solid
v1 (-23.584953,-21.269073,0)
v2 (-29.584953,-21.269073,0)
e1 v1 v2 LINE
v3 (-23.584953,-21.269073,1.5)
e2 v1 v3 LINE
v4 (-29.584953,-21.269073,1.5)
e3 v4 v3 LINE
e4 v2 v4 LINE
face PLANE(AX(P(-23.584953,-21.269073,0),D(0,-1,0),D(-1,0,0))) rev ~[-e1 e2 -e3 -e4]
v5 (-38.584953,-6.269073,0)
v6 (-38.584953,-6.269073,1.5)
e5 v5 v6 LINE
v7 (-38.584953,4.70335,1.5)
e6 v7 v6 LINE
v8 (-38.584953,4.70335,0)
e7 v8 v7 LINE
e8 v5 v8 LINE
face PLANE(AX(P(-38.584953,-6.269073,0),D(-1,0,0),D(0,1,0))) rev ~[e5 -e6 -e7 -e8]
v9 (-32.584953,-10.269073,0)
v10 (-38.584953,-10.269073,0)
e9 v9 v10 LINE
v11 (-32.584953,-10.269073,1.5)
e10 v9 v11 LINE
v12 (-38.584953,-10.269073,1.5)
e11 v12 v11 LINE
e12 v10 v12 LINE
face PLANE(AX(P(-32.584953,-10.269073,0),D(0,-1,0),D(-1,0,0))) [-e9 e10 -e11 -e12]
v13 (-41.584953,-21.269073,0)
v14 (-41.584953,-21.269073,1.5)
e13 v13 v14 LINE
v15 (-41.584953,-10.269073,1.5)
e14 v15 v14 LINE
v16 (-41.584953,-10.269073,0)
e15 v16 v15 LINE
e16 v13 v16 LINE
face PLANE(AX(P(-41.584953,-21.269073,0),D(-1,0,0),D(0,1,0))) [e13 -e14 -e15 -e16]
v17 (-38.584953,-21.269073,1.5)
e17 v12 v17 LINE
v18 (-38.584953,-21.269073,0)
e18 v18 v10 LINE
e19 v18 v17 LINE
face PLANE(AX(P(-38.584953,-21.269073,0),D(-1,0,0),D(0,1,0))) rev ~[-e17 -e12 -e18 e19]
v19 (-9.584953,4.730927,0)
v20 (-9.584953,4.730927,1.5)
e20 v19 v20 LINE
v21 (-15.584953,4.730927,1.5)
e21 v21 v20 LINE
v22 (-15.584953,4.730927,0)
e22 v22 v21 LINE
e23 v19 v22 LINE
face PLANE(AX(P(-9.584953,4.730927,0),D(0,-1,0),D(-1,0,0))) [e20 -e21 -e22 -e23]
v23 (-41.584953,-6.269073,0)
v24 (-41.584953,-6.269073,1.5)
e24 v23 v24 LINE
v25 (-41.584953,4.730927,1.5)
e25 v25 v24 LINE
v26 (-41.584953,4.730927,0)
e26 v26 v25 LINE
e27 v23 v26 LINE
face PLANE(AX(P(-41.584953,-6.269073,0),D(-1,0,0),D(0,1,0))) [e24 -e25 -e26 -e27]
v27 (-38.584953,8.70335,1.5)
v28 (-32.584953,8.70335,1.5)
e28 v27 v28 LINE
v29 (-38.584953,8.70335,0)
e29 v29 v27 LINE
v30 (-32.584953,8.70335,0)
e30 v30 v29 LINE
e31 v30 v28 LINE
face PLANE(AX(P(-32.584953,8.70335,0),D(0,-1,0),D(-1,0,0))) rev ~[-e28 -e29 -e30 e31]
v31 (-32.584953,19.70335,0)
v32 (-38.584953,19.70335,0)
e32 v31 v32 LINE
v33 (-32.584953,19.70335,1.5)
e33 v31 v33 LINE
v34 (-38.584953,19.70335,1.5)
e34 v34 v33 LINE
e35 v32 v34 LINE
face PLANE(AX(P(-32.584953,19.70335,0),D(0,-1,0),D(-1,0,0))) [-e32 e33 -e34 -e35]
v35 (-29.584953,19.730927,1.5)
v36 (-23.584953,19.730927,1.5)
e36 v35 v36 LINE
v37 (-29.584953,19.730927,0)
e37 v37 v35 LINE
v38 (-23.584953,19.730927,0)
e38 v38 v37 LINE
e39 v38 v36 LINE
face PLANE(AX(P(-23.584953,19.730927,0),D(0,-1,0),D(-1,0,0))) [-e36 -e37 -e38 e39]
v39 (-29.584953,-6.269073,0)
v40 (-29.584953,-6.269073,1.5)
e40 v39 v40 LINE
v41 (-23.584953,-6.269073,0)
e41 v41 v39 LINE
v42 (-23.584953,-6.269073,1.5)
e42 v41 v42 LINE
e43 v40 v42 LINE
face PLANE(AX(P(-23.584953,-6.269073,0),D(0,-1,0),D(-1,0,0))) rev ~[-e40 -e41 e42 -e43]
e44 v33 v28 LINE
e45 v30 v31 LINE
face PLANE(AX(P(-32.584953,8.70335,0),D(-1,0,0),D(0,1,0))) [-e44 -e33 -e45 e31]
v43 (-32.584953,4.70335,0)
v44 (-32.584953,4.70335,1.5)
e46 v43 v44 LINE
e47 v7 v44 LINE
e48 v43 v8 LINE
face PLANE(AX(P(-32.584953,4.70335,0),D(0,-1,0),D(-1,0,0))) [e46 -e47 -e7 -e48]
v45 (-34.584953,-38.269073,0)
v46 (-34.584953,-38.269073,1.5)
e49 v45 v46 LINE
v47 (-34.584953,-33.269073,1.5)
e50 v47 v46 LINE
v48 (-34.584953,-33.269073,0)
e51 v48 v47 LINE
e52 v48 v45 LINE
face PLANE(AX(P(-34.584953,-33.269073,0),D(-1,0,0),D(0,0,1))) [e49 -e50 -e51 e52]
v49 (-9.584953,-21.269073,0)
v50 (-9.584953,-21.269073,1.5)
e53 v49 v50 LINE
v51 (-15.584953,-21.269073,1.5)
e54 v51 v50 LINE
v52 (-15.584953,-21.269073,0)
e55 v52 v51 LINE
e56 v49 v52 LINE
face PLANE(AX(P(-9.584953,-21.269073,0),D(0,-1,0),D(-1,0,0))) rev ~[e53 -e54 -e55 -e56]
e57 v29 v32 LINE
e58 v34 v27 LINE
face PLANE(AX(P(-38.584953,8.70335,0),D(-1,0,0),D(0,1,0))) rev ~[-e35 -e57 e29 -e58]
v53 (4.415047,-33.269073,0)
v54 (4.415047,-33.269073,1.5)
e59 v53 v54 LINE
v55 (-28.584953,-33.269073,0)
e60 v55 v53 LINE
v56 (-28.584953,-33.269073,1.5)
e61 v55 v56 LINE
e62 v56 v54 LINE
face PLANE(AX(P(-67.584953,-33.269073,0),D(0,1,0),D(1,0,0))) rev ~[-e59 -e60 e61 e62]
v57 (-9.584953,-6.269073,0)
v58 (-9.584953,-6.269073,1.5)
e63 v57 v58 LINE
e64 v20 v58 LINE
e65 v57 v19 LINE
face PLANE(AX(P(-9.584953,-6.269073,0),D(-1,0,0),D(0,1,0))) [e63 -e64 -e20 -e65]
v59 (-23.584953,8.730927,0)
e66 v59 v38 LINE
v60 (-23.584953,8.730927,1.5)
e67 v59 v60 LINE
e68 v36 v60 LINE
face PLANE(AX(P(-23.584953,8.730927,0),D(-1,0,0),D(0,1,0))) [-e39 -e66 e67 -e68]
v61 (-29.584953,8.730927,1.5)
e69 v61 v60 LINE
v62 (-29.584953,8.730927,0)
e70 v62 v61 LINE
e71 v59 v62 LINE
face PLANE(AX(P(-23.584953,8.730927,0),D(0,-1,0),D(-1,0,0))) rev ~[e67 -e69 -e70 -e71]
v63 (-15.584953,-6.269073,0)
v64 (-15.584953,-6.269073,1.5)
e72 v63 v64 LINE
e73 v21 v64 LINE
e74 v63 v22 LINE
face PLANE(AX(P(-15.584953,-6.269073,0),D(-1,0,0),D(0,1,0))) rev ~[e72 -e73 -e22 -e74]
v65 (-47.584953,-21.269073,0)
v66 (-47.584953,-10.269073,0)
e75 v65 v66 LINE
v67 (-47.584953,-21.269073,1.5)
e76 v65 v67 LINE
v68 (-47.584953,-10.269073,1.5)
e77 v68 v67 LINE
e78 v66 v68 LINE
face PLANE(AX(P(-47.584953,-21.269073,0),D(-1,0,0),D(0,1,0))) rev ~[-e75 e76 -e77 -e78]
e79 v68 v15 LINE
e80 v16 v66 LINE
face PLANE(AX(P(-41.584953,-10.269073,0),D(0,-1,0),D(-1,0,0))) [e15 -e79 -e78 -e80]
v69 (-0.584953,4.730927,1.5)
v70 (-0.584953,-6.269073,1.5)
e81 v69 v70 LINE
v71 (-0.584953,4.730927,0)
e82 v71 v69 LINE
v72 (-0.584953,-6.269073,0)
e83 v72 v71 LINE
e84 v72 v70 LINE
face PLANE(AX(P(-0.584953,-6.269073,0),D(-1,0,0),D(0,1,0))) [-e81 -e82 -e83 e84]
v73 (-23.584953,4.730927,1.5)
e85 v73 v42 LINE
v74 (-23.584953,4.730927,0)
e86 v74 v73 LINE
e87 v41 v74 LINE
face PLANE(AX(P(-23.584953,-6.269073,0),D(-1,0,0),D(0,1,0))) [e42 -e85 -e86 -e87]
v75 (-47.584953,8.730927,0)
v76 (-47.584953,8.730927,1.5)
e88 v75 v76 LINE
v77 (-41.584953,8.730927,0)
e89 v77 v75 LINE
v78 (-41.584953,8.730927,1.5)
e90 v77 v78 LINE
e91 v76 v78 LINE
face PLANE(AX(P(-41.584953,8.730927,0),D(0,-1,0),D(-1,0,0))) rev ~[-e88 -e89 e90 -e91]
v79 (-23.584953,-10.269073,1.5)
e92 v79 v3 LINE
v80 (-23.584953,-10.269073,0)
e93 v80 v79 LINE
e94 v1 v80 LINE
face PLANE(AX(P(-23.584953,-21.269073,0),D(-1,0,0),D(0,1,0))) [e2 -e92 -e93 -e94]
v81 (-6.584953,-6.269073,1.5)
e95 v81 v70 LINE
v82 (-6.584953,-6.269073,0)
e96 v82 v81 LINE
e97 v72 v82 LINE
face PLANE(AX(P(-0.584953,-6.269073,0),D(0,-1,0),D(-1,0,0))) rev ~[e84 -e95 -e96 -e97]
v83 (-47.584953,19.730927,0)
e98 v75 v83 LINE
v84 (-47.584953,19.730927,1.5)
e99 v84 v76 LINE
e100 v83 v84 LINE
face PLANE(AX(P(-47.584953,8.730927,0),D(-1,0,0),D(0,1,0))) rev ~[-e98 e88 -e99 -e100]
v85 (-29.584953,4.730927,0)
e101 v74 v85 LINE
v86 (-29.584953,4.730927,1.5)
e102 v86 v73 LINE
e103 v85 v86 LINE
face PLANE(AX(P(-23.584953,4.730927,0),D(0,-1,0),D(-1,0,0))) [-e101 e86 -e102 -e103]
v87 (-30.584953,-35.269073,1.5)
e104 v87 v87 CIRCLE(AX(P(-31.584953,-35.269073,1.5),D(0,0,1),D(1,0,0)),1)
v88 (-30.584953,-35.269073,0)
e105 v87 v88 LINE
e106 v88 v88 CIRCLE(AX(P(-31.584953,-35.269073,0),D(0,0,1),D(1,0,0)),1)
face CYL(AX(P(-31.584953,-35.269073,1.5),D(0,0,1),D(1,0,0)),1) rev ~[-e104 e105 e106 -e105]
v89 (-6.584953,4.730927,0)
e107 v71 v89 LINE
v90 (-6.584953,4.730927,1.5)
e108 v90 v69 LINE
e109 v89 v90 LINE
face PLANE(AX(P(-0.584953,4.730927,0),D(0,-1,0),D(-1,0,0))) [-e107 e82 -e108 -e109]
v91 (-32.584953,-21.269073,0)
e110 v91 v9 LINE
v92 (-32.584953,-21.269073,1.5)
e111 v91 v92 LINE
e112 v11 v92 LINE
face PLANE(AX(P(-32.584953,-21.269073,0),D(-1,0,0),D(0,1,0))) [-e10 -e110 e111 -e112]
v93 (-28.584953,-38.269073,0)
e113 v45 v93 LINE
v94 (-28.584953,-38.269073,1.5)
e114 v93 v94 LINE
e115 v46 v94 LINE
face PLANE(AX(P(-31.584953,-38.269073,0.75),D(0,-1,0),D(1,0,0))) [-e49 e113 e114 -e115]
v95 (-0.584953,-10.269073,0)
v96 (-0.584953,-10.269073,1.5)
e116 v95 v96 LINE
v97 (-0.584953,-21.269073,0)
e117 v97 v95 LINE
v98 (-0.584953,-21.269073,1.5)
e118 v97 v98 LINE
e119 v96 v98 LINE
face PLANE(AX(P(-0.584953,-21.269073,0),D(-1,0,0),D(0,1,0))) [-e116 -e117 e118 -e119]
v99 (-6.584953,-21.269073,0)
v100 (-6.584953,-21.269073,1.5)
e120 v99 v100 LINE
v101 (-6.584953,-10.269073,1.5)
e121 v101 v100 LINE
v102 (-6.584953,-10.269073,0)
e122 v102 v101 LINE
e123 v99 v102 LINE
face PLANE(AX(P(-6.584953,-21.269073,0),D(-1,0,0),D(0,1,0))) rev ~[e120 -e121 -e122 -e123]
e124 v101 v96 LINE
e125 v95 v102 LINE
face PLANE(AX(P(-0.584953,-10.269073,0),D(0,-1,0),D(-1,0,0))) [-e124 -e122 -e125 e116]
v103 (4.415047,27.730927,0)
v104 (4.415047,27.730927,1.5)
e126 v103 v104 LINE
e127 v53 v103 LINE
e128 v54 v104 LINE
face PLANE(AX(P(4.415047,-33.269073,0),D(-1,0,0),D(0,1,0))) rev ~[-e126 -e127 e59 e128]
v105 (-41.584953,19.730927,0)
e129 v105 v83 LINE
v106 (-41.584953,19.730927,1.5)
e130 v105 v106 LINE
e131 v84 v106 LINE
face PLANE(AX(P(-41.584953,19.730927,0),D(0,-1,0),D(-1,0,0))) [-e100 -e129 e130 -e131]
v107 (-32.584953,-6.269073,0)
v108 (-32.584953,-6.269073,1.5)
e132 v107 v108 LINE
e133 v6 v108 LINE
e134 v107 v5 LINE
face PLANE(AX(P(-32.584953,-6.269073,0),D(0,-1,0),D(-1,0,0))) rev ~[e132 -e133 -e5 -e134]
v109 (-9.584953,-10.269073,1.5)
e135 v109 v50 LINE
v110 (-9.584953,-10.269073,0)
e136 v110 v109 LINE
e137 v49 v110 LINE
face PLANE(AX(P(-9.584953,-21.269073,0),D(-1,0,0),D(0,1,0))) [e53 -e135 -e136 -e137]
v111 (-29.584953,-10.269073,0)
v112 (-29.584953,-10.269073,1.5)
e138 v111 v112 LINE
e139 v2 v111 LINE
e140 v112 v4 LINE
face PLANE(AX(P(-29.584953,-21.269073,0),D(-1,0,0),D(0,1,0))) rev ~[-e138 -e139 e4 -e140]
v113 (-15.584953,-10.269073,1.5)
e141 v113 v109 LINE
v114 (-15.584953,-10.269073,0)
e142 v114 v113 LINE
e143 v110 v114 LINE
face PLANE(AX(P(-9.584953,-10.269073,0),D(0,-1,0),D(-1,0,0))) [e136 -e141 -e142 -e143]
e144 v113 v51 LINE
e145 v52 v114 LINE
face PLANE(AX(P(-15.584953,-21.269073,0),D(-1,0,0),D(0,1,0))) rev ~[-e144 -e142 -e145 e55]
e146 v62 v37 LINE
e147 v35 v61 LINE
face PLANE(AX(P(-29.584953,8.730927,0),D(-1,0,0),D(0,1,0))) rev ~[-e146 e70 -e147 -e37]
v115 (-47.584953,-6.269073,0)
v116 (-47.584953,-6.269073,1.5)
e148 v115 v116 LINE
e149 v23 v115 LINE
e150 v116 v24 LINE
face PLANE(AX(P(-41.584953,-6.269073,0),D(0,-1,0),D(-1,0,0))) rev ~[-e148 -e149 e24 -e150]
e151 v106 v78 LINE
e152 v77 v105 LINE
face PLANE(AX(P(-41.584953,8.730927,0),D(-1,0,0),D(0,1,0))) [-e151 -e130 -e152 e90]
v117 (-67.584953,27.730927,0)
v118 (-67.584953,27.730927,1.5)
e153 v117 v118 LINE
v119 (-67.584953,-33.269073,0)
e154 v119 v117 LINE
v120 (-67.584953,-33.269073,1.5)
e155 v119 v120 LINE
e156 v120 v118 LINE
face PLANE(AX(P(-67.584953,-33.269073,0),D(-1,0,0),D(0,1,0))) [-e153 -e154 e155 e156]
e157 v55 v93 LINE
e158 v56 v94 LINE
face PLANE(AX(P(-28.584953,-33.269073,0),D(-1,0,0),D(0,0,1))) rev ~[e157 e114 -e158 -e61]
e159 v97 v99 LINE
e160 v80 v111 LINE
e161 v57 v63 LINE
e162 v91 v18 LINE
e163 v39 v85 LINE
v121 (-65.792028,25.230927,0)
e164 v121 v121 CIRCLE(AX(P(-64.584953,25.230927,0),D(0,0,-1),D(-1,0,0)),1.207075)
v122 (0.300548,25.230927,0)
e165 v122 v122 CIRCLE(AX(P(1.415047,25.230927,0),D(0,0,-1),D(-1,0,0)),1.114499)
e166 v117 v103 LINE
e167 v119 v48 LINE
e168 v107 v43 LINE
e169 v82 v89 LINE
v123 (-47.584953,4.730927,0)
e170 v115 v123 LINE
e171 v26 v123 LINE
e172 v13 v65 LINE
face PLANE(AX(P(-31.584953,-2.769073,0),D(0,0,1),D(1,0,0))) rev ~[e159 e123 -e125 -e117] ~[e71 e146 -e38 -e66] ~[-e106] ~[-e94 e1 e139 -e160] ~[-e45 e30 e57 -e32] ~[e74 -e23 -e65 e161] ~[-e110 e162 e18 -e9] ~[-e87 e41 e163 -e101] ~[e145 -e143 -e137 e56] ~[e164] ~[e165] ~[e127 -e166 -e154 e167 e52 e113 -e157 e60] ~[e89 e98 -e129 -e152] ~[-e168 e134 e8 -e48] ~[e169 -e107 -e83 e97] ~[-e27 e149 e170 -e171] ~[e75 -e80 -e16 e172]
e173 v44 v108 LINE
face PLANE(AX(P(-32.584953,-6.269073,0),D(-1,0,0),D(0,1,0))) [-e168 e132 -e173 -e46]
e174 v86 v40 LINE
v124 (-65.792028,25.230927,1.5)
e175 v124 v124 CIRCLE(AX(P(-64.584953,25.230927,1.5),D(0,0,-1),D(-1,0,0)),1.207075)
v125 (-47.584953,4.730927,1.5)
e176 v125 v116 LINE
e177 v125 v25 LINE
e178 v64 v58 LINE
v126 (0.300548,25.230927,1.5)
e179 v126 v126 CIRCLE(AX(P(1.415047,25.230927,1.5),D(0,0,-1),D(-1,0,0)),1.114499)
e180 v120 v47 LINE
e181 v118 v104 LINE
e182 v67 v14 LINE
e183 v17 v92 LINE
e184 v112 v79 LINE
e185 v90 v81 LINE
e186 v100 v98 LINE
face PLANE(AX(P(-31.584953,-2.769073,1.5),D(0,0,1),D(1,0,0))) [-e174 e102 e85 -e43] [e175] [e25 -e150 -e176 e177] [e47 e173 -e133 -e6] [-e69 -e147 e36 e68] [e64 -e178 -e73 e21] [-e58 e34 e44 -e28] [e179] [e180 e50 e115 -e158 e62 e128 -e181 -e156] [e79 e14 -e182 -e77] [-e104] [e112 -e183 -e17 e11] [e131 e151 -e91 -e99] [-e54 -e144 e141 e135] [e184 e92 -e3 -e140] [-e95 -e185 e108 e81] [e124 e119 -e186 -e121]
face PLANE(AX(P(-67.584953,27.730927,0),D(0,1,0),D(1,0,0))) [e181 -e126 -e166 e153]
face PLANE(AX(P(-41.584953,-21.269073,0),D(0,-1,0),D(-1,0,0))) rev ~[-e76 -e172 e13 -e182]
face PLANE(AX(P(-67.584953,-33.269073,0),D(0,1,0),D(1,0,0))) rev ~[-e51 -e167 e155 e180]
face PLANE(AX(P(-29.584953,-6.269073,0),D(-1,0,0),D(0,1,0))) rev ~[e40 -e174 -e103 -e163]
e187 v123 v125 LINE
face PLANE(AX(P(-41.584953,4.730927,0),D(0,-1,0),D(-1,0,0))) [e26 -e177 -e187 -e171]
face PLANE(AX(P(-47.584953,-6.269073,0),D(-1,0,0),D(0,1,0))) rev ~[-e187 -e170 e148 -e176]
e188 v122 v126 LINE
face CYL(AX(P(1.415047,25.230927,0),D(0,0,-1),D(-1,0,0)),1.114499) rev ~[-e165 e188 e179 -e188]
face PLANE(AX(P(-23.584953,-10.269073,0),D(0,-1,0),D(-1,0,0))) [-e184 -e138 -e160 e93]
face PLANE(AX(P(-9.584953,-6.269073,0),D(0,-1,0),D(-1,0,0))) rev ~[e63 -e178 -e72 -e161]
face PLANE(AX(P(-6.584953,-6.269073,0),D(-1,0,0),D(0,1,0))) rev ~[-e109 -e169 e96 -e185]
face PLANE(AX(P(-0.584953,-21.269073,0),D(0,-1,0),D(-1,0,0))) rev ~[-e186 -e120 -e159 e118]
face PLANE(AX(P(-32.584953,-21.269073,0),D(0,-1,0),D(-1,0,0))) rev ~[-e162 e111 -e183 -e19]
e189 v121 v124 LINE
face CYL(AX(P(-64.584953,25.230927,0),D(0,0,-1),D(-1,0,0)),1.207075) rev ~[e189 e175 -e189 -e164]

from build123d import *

# Parameters (mm, degrees)
ESQUISSE1_W             = 72
ESQUISSE1_H             = 61
BOSS_EXTRU_1_DEPTH      = 1.5
ESQUISSE2_R             = 1.114499423
ESQUISSE2_R_2           = 1.207075002
ENL_V_MAT_EXTRU_1_DEPTH = 2.5
ESQUISSE4_W             = 6
ESQUISSE4_H             = 11
ENL_V_MAT_EXTRU_2_DEPTH = 2.5
ESQUISSE4_3_W           = 6
ESQUISSE4_3_H           = 11
ESQUISSE4_3_H_2         = 10.972423644
ENL_V_MAT_EXTRU_3_DEPTH = 2.5
ESQUISSE5_W             = 6
ESQUISSE5_H             = 1.5
BOSS_EXTRU_2_DEPTH      = 5
ESQUISSE6_R             = 1
ENL_V_MAT_EXTRU_4_DEPTH = 6


with BuildPart() as part:
    # Esquisse1 → Boss.-Extru.1 (new body)
    with BuildSketch(Plane.XY):
        with Locations((-31.584952854, -2.769073276)):
            Rectangle(ESQUISSE1_W, ESQUISSE1_H)
    extrude(amount=BOSS_EXTRU_1_DEPTH)

    # Esquisse2 → Enl_v. mat.-Extru.1 (cut, through all)
    with BuildSketch(Plane(origin=(0, 0, 0), x_dir=(-1, 0, 0), z_dir=(0, 0, -1))):
        with Locations((-1.415047146, 25.230926724)):
            Circle(ESQUISSE2_R)
        with Locations((64.584952854, 25.230926724)):
            Circle(ESQUISSE2_R_2)
    extrude(amount=-ENL_V_MAT_EXTRU_1_DEPTH, mode=Mode.SUBTRACT)

    # Esquisse4 → Enl_v. mat.-Extru.2 (cut, through all)
    with BuildSketch(Plane(origin=(0, 0, 0), x_dir=(-1, 0, 0), z_dir=(0, 0, -1))):
        with Locations((44.584952854, -15.769073276)):
            Rectangle(ESQUISSE4_W, ESQUISSE4_H)
        with Locations((35.584952854, -15.769073276)):
            Rectangle(ESQUISSE4_W, ESQUISSE4_H)
    extrude(amount=-ENL_V_MAT_EXTRU_2_DEPTH, mode=Mode.SUBTRACT)

    # Esquisse4_3 → Enl_v. mat.-Extru.3 (cut, through all)
    with BuildSketch(Plane(origin=(0, 0, 0), x_dir=(-1, 0, 0), z_dir=(0, 0, -1))):
        with Locations((26.584952854, -15.769073276)):
            Rectangle(ESQUISSE4_3_W, ESQUISSE4_3_H)
        with Locations((26.584952854, 14.230926724)):
            Rectangle(ESQUISSE4_3_W, ESQUISSE4_3_H)
        with Locations((44.584952854, -15.769073276)):
            Rectangle(ESQUISSE4_3_W, ESQUISSE4_3_H)
        with Locations((35.584952854, -15.769073276)):
            Rectangle(ESQUISSE4_3_W, ESQUISSE4_3_H)
        with Locations((44.584952854, -0.769073276)):
            Rectangle(ESQUISSE4_3_W, ESQUISSE4_3_H)
        with Locations((35.584952854, -0.782861454)):
            Rectangle(ESQUISSE4_3_W, ESQUISSE4_3_H_2)
        with Locations((26.584952854, -0.769073276)):
            Rectangle(ESQUISSE4_3_W, ESQUISSE4_3_H)
        with Locations((35.584952854, 14.203350368)):
            Rectangle(ESQUISSE4_3_W, ESQUISSE4_3_H)
        with Locations((44.584952854, 14.230926724)):
            Rectangle(ESQUISSE4_3_W, ESQUISSE4_3_H)
        with Locations((12.584952854, -15.769073276)):
            Rectangle(ESQUISSE4_3_W, ESQUISSE4_3_H)
        with Locations((3.584952854, -15.769073276)):
            Rectangle(ESQUISSE4_3_W, ESQUISSE4_3_H)
        with Locations((12.584952854, -0.769073276)):
            Rectangle(ESQUISSE4_3_W, ESQUISSE4_3_H)
        with Locations((3.584952854, -0.769073276)):
            Rectangle(ESQUISSE4_3_W, ESQUISSE4_3_H)
    extrude(amount=-ENL_V_MAT_EXTRU_3_DEPTH, mode=Mode.SUBTRACT)

    # Esquisse5 → Boss.-Extru.2 (add)
    with BuildSketch(Plane.XZ.offset(33.269073276)):
        with Locations((-31.584952854, 0.75)):
            Rectangle(ESQUISSE5_W, ESQUISSE5_H)
    extrude(amount=BOSS_EXTRU_2_DEPTH)

    # Esquisse6 → Enl_v. mat.-Extru.4 (cut)
    with BuildSketch(Plane.XY.offset(1.5)):
        with Locations((-31.584952854, -35.269073276)):
            Circle(ESQUISSE6_R)
    extrude(amount=-ENL_V_MAT_EXTRU_4_DEPTH, mode=Mode.SUBTRACT)


solid = part.part
